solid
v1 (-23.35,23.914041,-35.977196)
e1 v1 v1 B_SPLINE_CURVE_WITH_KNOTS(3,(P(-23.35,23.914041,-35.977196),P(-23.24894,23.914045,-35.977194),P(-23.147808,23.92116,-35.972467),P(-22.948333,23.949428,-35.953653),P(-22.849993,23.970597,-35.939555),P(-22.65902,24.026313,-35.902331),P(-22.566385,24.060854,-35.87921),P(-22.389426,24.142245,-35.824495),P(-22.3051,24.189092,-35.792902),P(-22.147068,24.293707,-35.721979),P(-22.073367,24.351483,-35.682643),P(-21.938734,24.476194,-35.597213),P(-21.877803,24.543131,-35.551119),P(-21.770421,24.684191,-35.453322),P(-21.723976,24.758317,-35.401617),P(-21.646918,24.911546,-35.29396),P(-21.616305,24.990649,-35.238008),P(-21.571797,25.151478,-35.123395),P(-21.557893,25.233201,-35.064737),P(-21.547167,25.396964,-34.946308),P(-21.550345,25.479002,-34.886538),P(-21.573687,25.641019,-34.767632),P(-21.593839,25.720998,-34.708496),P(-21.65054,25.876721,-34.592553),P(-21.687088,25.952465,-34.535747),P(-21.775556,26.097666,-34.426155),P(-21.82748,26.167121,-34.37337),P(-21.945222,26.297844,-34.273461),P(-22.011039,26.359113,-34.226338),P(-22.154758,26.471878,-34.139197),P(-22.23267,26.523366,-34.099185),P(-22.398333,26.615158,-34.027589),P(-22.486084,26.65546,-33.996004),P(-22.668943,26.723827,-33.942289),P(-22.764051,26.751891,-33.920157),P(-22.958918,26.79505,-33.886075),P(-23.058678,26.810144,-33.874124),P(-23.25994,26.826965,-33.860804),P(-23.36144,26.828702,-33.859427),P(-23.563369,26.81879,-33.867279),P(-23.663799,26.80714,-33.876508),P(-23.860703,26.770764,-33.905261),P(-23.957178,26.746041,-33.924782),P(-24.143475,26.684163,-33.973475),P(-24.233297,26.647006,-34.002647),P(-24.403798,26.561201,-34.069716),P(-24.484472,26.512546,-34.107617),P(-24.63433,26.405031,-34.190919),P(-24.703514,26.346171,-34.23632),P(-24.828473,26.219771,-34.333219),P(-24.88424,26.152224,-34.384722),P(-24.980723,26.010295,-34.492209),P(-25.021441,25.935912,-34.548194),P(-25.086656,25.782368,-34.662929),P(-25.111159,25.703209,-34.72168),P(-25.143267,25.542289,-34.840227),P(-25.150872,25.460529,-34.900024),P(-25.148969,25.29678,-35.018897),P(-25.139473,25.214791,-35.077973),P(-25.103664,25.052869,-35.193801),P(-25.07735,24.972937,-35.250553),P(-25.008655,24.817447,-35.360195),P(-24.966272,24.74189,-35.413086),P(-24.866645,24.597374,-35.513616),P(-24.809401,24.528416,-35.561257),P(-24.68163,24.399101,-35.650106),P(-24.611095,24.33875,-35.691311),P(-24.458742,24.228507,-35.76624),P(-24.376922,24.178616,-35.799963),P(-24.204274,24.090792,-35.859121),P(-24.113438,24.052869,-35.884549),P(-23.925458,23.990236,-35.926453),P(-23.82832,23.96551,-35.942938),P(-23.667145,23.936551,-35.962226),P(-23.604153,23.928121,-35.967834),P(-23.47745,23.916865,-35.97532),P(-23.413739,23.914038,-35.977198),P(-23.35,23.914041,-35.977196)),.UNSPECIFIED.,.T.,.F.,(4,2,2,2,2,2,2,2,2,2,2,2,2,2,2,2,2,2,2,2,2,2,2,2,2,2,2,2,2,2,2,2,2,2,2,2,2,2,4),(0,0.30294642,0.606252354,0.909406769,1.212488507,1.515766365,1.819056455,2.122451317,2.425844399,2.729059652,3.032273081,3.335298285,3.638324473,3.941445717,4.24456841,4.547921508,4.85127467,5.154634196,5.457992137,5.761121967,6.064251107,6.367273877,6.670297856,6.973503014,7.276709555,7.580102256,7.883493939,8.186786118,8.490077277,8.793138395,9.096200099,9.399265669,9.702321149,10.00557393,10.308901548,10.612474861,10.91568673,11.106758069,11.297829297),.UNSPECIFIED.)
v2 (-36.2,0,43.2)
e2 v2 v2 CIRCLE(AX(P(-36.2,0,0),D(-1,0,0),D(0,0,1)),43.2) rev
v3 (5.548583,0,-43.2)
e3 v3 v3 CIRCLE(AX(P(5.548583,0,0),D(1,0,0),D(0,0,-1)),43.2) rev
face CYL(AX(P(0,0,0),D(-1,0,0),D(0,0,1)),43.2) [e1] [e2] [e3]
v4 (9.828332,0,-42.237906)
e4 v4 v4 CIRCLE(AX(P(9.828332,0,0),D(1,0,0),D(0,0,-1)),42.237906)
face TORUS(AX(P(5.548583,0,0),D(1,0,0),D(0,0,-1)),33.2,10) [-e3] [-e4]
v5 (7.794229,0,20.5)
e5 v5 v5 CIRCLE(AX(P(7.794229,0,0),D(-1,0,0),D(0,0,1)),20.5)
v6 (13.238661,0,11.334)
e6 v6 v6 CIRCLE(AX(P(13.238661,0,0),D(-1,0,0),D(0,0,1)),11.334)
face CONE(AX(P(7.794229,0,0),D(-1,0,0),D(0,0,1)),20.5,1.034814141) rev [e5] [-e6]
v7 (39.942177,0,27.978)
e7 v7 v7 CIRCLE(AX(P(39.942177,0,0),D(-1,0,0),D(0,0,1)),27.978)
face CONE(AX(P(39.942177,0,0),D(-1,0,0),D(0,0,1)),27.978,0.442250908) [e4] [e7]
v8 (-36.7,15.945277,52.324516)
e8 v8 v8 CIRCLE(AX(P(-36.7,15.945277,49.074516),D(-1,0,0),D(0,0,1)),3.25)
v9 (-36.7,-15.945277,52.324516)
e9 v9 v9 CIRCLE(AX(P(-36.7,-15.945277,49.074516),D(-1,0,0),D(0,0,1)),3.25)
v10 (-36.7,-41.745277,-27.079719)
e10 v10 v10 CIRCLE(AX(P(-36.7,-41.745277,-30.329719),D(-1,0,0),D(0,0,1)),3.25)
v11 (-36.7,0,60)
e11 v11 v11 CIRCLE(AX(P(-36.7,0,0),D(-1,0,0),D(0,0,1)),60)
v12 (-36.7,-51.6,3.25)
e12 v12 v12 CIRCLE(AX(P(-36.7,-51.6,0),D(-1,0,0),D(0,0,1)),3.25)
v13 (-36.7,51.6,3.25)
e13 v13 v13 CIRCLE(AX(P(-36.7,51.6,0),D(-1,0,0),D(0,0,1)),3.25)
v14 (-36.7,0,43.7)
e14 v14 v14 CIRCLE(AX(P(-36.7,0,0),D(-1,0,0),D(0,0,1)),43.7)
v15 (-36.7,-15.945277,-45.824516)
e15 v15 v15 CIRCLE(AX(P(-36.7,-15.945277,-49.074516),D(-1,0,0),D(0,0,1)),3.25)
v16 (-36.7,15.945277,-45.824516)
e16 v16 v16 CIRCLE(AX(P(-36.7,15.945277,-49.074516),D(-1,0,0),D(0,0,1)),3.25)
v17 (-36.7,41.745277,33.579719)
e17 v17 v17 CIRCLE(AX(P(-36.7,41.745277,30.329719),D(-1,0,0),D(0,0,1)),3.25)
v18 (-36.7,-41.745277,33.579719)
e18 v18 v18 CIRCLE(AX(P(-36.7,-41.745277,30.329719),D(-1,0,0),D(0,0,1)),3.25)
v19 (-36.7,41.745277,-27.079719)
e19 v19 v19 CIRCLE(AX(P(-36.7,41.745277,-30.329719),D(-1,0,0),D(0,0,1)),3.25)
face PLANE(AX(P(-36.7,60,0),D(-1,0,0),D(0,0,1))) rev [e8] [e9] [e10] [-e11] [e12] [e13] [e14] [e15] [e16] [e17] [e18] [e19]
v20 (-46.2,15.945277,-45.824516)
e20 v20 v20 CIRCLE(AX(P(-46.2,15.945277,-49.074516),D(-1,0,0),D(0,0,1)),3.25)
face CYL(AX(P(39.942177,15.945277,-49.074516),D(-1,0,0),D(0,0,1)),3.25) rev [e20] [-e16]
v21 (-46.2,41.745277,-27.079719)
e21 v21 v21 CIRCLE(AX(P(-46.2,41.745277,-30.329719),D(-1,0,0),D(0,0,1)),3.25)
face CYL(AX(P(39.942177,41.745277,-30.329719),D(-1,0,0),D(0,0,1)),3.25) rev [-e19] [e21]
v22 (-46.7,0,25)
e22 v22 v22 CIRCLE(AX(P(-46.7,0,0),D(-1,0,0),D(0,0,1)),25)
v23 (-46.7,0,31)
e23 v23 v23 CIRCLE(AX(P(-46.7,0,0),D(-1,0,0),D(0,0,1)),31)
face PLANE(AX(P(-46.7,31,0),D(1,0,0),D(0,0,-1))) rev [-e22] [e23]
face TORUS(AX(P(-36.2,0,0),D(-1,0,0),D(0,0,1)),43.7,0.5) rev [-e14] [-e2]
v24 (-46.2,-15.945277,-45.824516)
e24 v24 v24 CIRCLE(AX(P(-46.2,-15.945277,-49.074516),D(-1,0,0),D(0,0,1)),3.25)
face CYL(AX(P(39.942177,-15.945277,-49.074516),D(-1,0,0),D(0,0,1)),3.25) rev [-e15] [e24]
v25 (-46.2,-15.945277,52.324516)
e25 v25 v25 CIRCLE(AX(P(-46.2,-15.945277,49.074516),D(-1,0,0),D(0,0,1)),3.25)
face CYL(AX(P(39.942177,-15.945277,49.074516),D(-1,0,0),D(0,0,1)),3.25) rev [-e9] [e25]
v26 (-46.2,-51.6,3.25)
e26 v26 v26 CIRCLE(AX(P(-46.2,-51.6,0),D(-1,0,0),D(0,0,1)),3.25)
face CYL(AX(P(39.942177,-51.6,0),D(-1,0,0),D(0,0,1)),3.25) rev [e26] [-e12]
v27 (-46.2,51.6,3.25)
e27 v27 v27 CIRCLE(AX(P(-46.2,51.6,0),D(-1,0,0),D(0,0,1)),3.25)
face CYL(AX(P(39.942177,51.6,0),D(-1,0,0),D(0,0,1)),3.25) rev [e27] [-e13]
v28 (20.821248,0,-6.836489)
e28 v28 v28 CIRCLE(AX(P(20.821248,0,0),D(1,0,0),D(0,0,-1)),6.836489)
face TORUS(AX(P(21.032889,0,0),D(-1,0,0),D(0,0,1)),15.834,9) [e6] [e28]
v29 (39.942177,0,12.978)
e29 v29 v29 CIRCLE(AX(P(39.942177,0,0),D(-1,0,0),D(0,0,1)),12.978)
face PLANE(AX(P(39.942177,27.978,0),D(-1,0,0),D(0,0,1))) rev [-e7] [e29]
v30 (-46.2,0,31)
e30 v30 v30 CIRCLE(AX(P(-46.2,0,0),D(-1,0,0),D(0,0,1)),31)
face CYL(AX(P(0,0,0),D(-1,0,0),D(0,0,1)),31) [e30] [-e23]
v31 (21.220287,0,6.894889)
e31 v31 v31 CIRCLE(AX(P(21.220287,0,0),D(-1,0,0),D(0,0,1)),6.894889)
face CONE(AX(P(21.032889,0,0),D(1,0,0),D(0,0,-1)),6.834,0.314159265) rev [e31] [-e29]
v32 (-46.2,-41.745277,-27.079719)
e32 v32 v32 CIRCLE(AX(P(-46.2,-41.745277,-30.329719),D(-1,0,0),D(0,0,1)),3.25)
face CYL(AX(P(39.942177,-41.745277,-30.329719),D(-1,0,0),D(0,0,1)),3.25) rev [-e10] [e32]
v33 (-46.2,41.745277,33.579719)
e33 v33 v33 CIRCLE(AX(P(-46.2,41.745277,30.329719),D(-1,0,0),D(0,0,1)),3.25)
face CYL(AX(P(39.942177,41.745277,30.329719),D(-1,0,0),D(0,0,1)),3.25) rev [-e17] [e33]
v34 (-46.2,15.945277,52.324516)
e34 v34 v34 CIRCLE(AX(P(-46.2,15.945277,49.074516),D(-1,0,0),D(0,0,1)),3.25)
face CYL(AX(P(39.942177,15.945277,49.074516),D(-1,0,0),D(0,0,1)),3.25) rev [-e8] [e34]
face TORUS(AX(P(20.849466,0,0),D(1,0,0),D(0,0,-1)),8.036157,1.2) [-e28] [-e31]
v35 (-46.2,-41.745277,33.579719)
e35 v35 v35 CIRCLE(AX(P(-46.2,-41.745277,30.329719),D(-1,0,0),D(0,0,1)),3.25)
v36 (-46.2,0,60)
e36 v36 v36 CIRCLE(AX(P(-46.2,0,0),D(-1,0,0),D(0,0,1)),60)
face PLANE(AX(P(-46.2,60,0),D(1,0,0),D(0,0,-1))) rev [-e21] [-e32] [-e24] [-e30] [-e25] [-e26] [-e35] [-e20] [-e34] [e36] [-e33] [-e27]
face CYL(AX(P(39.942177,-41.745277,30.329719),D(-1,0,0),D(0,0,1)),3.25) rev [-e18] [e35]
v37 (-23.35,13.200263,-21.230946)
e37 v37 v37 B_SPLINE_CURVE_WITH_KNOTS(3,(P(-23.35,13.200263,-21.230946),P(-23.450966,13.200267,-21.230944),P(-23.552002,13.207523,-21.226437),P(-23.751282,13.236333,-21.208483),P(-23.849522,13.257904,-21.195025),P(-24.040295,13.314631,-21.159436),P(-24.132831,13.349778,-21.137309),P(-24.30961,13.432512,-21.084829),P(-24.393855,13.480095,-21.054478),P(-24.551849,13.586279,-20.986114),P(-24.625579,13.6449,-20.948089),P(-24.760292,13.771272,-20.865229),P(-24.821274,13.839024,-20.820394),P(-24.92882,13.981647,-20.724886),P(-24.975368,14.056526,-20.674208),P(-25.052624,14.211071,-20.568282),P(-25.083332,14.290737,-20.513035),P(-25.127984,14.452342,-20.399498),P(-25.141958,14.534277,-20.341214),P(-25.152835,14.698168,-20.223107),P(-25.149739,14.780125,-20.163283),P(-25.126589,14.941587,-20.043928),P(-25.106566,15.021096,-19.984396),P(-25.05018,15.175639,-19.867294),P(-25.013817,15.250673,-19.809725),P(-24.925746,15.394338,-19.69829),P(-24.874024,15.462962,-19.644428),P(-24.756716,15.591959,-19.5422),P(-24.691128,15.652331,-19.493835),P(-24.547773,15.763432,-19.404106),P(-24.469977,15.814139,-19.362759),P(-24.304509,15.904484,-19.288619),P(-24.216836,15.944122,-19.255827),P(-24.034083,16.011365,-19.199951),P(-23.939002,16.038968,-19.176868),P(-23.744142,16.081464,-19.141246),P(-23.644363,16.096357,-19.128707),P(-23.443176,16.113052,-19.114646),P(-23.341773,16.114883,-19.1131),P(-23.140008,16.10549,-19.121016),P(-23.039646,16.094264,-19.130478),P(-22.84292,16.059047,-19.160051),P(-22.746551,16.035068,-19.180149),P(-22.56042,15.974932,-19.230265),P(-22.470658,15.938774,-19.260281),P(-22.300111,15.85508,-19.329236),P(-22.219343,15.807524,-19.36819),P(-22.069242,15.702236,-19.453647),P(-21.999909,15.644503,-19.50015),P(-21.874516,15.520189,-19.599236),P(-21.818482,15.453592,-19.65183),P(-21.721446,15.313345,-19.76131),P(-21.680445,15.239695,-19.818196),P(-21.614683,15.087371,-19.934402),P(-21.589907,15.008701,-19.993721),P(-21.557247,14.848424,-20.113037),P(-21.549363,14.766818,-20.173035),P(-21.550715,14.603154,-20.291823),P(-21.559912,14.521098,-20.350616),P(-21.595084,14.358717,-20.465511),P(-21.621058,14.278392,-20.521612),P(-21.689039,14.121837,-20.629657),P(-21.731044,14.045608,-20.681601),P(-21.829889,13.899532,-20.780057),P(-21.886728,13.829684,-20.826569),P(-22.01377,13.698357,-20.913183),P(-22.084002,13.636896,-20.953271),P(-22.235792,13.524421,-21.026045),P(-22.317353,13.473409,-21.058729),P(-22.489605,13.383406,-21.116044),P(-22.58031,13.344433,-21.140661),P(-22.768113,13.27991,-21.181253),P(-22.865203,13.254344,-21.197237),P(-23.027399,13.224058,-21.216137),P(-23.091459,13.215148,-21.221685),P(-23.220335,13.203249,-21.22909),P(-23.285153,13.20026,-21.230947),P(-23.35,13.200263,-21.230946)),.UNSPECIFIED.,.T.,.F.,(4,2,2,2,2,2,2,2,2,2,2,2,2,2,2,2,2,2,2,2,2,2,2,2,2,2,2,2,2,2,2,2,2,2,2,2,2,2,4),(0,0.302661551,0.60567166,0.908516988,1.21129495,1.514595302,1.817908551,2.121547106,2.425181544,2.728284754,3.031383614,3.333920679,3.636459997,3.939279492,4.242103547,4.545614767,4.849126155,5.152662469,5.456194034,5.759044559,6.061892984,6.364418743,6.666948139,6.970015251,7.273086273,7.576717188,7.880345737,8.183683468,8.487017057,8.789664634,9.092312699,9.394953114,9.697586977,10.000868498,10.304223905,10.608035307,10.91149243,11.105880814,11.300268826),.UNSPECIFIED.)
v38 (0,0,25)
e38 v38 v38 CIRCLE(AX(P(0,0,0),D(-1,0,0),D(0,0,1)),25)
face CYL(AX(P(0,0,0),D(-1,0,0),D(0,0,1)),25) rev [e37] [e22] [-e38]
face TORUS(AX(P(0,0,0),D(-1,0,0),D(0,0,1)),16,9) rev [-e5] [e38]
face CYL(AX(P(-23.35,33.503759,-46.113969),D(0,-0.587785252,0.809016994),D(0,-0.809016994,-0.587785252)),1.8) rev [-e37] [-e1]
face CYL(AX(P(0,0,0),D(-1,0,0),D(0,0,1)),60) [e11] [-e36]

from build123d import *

# Parameters (mm, degrees)
HOLES_R            = 3.25
CUT_EXTRUDE2_DEPTH = 121.915154753
SKETCH9_R          = 1.8
PROBE_HOLE_DEPTH   = 57
FILLET1_R          = 10
FILLET2_R          = 0.5
FILLET3_R          = 1.2


with BuildPart() as part:
    # Cross_section → Revolve 2 (revolve)
    with BuildSketch(Plane.XY, mode=Mode.PRIVATE) as revolve_2_sk:
        with BuildLine():
            Line((21.032889293, 6.834), (39.942176945, 12.978))
            Line((39.942176945, 12.978), (39.942176945, 27.978))
            Line((39.942176945, 27.978), (7.796597981, 43.2))
            Line((7.796597981, 43.2), (-36.7, 43.2))
            Line((-36.7, 43.2), (-36.7, 60))
            Line((-36.7, 60), (-46.2, 60))
            Line((-46.2, 60), (-46.2, 31))
            Line((-46.2, 31), (-46.7, 31))
            Line((-46.7, 31), (-46.7, 25))
            Line((-46.7, 25), (0, 25))
            ThreePointArc((0, 25), (4.5, 23.794228634), (7.794228634, 20.5))
            Line((7.794228634, 20.5), (13.238660659, 11.334))
            ThreePointArc((13.238660659, 11.334), (16.532889293, 8.039771366), (21.032889293, 6.834))
        make_face()
    revolve(revolve_2_sk.sketch.rotate(Axis((0, 0, 0), (1, 0, 0)), 90), axis=Axis((0, 0, 0), (1, 0, 0)))

    # holes → Cut-Extrude2 (cut, through all)
    with BuildSketch(Plane.ZY.offset(46.2)):
        with Locations((0, 51.6)):
            Circle(HOLES_R)
        with Locations((30.329719018, 41.74527691)):
            Circle(HOLES_R)
        with Locations((49.074516241, 15.94527691)):
            Circle(HOLES_R)
        with Locations((49.074516241, -15.94527691)):
            Circle(HOLES_R)
        with Locations((30.329719018, -41.74527691)):
            Circle(HOLES_R)
        with Locations((0, -51.6)):
            Circle(HOLES_R)
        with Locations((-30.329719018, -41.74527691)):
            Circle(HOLES_R)
        with Locations((-49.074516241, -15.94527691)):
            Circle(HOLES_R)
        with Locations((-49.074516241, 15.94527691)):
            Circle(HOLES_R)
        with Locations((-30.329719018, 41.74527691)):
            Circle(HOLES_R)
    extrude(amount=-CUT_EXTRUDE2_DEPTH, mode=Mode.SUBTRACT)

    # Sketch9 → probe_hole (cut)
    with BuildSketch(Plane(origin=(0, 0, 0), x_dir=(1, 0, 0), z_dir=(0, -0.587785252292477, 0.8090169943749446))):
        with Locations(Location((-23.35, 0, 0), (0, 0, 270))):
            Circle(SKETCH9_R)
    extrude(amount=-PROBE_HOLE_DEPTH, mode=Mode.SUBTRACT)

    # Fillet1
    fillet1_edges = [part.edges().sort_by_distance(p)[0] for p in [
        (7.796597981, 0, -43.2),
    ]]
    fillet(fillet1_edges, radius=FILLET1_R)

    # Fillet2
    fillet2_edges = [part.edges().sort_by_distance(p)[0] for p in [
        (-36.7, 0, -43.2),
    ]]
    fillet(fillet2_edges, radius=FILLET2_R)

    # Fillet3
    fillet3_edges = [part.edges().sort_by_distance(p)[0] for p in [
        (21.032889293, 0, -6.834),
    ]]
    fillet(fillet3_edges, radius=FILLET3_R)


solid = part.part
